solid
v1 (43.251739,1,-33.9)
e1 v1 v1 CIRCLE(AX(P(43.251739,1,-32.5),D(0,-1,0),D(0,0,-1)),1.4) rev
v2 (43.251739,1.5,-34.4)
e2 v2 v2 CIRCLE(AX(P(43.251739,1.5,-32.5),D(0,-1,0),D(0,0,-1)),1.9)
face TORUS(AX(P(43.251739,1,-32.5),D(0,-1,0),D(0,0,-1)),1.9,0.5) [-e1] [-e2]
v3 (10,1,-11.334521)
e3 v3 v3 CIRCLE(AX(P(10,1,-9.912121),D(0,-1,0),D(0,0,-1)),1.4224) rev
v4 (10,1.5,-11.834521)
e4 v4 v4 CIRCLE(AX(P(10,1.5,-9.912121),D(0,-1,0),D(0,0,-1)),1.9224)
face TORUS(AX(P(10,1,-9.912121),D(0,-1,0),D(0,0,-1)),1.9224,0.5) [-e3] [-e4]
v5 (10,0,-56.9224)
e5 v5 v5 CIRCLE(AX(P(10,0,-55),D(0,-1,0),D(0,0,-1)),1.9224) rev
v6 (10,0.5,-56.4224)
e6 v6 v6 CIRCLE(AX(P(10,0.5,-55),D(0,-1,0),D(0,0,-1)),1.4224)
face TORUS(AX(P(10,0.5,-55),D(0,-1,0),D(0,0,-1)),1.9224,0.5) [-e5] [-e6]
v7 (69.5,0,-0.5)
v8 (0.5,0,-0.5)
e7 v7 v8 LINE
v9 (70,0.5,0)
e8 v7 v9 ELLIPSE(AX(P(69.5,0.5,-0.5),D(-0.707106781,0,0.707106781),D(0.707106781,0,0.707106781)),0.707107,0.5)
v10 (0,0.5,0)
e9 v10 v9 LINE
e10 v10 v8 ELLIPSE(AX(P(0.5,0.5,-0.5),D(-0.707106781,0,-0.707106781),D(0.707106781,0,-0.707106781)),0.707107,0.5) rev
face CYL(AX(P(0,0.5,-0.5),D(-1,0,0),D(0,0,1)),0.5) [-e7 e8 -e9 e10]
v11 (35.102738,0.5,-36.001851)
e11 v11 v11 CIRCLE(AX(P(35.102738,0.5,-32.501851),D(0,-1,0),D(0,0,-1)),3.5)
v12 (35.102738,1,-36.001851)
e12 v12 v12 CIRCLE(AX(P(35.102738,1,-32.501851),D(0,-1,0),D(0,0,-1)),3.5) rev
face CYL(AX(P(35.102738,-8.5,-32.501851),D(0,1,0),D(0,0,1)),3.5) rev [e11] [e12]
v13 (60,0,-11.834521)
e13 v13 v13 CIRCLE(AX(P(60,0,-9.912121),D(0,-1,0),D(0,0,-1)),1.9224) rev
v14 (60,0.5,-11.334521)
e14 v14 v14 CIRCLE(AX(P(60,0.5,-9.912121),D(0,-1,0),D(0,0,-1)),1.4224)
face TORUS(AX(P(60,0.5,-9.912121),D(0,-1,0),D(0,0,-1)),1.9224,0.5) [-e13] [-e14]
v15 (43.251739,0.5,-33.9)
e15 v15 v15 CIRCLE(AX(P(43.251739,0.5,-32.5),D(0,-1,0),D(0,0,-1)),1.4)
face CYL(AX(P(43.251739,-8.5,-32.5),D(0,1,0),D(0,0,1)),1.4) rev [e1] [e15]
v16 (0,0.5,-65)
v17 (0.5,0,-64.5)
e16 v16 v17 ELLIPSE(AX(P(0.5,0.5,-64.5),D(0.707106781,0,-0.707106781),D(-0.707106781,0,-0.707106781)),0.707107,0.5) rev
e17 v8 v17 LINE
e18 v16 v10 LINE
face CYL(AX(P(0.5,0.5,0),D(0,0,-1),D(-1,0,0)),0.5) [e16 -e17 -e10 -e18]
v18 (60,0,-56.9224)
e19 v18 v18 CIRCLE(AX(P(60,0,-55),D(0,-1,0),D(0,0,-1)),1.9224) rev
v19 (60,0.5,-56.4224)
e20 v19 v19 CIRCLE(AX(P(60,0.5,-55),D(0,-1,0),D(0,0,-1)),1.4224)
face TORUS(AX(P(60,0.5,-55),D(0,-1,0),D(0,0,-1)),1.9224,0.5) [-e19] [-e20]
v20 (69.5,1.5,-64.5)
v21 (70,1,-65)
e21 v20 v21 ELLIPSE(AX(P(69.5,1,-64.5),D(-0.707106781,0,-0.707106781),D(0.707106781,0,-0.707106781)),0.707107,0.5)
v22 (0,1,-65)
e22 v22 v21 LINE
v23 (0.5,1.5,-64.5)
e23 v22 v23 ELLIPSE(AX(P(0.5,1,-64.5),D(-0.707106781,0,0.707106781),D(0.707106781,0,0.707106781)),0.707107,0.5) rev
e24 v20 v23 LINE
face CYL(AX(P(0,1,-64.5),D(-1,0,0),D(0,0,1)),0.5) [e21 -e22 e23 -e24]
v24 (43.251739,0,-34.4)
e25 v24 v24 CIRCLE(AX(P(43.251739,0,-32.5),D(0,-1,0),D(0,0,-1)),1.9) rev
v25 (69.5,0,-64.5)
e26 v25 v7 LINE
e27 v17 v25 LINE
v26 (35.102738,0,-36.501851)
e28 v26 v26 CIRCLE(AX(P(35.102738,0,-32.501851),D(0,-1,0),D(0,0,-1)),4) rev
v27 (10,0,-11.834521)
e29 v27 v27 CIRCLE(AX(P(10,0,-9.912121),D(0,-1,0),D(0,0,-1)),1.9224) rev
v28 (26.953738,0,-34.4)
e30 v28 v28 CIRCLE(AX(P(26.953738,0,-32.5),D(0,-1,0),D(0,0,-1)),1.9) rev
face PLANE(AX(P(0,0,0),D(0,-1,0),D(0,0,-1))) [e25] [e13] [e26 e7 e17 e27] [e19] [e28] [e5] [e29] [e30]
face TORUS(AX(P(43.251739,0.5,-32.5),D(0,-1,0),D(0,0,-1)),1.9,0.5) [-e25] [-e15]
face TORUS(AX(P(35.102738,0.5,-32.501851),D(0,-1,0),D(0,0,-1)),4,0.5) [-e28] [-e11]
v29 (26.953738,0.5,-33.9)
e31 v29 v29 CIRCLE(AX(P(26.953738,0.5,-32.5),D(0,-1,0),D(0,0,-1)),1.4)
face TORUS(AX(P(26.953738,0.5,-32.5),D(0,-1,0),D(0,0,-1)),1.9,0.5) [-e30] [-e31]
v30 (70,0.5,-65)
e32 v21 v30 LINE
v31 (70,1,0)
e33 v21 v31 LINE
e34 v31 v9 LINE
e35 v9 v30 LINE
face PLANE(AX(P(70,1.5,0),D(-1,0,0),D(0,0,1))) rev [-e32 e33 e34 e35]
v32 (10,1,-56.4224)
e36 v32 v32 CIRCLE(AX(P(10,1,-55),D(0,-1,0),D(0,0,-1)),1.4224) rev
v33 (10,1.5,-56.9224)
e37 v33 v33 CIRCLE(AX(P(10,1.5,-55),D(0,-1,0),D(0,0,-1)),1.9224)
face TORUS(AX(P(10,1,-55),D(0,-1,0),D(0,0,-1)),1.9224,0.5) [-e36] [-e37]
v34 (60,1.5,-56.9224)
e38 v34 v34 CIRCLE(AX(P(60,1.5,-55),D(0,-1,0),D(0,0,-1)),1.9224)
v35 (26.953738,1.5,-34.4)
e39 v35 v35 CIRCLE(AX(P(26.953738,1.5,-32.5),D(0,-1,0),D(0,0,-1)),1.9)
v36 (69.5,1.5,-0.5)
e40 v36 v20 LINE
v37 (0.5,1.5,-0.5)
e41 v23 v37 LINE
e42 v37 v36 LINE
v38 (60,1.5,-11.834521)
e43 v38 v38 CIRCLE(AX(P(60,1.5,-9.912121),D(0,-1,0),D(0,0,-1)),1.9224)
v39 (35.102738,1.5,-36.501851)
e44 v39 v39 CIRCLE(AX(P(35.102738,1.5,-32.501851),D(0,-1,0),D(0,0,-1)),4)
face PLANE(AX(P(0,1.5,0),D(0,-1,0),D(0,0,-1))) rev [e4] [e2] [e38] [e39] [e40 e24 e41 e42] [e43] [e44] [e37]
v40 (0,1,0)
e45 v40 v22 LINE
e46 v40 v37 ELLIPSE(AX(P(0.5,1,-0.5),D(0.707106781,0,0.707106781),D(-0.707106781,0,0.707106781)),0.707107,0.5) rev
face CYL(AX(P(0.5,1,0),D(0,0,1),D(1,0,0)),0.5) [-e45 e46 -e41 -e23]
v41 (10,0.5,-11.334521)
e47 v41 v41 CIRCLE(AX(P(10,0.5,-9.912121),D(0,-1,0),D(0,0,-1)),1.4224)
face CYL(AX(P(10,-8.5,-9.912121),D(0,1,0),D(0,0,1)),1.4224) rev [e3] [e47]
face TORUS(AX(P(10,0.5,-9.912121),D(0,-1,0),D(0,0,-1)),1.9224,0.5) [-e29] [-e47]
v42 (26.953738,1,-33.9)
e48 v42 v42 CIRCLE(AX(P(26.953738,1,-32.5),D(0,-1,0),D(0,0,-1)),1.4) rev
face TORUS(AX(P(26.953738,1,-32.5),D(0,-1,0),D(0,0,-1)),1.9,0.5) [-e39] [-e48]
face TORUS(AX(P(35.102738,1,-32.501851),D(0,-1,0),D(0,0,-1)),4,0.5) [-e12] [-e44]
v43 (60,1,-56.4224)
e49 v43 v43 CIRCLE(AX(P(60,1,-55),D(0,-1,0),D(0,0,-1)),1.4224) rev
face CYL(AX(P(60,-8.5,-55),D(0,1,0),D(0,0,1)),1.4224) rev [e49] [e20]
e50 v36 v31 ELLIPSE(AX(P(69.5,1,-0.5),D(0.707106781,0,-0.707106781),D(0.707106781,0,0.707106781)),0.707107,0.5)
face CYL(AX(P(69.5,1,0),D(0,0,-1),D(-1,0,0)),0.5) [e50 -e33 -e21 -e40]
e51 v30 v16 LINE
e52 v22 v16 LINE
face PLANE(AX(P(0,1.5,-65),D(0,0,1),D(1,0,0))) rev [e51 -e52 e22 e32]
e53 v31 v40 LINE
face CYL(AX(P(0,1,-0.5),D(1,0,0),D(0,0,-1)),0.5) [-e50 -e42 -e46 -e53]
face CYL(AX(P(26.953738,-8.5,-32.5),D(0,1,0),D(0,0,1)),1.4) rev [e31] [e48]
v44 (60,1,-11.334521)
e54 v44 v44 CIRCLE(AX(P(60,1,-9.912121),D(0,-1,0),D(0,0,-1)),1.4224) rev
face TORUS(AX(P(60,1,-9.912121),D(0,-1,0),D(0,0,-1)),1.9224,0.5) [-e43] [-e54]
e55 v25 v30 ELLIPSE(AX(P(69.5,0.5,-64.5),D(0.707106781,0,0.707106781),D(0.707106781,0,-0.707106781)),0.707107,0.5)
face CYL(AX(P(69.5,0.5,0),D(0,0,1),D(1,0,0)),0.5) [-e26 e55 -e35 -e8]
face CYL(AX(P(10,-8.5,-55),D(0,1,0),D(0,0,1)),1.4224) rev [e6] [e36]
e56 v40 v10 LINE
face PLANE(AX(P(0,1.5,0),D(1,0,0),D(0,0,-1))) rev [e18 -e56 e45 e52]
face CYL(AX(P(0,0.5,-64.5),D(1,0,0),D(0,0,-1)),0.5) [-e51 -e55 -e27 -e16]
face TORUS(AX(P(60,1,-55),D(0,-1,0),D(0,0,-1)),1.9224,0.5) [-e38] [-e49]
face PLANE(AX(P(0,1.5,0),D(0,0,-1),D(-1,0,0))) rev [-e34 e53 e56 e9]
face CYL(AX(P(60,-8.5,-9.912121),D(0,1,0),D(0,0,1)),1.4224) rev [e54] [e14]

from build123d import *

# Parameters (mm, degrees)
SKETCH1_W           = 70
SKETCH1_H           = 65
BOSS_EXTRUDE1_DEPTH = 1.5
SKETCH3_R           = 1.4224
SKETCH3_R_2         = 3.5
SKETCH3_R_3         = 1.4
CUT_EXTRUDE1_DEPTH  = 10
FILLET1_R           = 0.5


with BuildPart() as part:
    # Sketch1 → Boss-Extrude1 (new body)
    with BuildSketch(Plane(origin=(0, 0, 0), x_dir=(1, 0, 0), z_dir=(0, 1, 0))):
        with Locations((35, 32.5)):
            Rectangle(SKETCH1_W, SKETCH1_H)
    extrude(amount=BOSS_EXTRUDE1_DEPTH)

    # Sketch3 → Cut-Extrude1 (cut)
    with BuildSketch(Plane(origin=(0, 1.5, 0), x_dir=(1, 0, 0), z_dir=(0, 1, 0))):
        with Locations(Location((60, 55, 0), (0, 0, 270))):
            Circle(SKETCH3_R)
        with Locations(Location((60, 9.912121288, 0), (0, 0, 270))):
            Circle(SKETCH3_R)
        with Locations(Location((10, 9.912121288, 0), (0, 0, 270))):
            Circle(SKETCH3_R)
        with Locations(Location((10, 55, 0), (0, 0, 270))):
            Circle(SKETCH3_R)
        with Locations(Location((35.102738261, 32.501850791, 0), (0, 0, 270))):
            Circle(SKETCH3_R_2)
        with Locations(Location((43.251738738, 32.5, 0), (0, 0, 270))):
            Circle(SKETCH3_R_3)
        with Locations(Location((26.953737784, 32.5, 0), (0, 0, 270))):
            Circle(SKETCH3_R_3)
    extrude(amount=-CUT_EXTRUDE1_DEPTH, mode=Mode.SUBTRACT)

    # Fillet1
    fillet1_edges = [part.edges().sort_by_distance(p)[0] for p in [
        (70, 1.5, -32.5),
        (35, 1.5, -65),
        (60, 0, -11.334521288),
        (60, 1.5, -11.334521288),
        (10, 0, -11.334521288),
        (10, 1.5, -11.334521288),
        (10, 0, -56.4224),
        (10, 1.5, -56.4224),
        (35.102738261, 0, -36.001850791),
        (35.102738261, 1.5, -36.001850791),
        (43.251738738, 0, -33.9),
        (43.251738738, 1.5, -33.9),
        (26.953737784, 0, -33.9),
        (26.953737784, 1.5, -33.9),
        (60, 0, -56.4224),
        (60, 1.5, -56.4224),
        (0, 1.5, -32.5),
        (35, 0, -65),
        (70, 0, -32.5),
        (35, 0, 0),
        (0, 0, -32.5),
        (35, 1.5, 0),
    ]]
    fillet(fillet1_edges, radius=FILLET1_R)


solid = part.part
